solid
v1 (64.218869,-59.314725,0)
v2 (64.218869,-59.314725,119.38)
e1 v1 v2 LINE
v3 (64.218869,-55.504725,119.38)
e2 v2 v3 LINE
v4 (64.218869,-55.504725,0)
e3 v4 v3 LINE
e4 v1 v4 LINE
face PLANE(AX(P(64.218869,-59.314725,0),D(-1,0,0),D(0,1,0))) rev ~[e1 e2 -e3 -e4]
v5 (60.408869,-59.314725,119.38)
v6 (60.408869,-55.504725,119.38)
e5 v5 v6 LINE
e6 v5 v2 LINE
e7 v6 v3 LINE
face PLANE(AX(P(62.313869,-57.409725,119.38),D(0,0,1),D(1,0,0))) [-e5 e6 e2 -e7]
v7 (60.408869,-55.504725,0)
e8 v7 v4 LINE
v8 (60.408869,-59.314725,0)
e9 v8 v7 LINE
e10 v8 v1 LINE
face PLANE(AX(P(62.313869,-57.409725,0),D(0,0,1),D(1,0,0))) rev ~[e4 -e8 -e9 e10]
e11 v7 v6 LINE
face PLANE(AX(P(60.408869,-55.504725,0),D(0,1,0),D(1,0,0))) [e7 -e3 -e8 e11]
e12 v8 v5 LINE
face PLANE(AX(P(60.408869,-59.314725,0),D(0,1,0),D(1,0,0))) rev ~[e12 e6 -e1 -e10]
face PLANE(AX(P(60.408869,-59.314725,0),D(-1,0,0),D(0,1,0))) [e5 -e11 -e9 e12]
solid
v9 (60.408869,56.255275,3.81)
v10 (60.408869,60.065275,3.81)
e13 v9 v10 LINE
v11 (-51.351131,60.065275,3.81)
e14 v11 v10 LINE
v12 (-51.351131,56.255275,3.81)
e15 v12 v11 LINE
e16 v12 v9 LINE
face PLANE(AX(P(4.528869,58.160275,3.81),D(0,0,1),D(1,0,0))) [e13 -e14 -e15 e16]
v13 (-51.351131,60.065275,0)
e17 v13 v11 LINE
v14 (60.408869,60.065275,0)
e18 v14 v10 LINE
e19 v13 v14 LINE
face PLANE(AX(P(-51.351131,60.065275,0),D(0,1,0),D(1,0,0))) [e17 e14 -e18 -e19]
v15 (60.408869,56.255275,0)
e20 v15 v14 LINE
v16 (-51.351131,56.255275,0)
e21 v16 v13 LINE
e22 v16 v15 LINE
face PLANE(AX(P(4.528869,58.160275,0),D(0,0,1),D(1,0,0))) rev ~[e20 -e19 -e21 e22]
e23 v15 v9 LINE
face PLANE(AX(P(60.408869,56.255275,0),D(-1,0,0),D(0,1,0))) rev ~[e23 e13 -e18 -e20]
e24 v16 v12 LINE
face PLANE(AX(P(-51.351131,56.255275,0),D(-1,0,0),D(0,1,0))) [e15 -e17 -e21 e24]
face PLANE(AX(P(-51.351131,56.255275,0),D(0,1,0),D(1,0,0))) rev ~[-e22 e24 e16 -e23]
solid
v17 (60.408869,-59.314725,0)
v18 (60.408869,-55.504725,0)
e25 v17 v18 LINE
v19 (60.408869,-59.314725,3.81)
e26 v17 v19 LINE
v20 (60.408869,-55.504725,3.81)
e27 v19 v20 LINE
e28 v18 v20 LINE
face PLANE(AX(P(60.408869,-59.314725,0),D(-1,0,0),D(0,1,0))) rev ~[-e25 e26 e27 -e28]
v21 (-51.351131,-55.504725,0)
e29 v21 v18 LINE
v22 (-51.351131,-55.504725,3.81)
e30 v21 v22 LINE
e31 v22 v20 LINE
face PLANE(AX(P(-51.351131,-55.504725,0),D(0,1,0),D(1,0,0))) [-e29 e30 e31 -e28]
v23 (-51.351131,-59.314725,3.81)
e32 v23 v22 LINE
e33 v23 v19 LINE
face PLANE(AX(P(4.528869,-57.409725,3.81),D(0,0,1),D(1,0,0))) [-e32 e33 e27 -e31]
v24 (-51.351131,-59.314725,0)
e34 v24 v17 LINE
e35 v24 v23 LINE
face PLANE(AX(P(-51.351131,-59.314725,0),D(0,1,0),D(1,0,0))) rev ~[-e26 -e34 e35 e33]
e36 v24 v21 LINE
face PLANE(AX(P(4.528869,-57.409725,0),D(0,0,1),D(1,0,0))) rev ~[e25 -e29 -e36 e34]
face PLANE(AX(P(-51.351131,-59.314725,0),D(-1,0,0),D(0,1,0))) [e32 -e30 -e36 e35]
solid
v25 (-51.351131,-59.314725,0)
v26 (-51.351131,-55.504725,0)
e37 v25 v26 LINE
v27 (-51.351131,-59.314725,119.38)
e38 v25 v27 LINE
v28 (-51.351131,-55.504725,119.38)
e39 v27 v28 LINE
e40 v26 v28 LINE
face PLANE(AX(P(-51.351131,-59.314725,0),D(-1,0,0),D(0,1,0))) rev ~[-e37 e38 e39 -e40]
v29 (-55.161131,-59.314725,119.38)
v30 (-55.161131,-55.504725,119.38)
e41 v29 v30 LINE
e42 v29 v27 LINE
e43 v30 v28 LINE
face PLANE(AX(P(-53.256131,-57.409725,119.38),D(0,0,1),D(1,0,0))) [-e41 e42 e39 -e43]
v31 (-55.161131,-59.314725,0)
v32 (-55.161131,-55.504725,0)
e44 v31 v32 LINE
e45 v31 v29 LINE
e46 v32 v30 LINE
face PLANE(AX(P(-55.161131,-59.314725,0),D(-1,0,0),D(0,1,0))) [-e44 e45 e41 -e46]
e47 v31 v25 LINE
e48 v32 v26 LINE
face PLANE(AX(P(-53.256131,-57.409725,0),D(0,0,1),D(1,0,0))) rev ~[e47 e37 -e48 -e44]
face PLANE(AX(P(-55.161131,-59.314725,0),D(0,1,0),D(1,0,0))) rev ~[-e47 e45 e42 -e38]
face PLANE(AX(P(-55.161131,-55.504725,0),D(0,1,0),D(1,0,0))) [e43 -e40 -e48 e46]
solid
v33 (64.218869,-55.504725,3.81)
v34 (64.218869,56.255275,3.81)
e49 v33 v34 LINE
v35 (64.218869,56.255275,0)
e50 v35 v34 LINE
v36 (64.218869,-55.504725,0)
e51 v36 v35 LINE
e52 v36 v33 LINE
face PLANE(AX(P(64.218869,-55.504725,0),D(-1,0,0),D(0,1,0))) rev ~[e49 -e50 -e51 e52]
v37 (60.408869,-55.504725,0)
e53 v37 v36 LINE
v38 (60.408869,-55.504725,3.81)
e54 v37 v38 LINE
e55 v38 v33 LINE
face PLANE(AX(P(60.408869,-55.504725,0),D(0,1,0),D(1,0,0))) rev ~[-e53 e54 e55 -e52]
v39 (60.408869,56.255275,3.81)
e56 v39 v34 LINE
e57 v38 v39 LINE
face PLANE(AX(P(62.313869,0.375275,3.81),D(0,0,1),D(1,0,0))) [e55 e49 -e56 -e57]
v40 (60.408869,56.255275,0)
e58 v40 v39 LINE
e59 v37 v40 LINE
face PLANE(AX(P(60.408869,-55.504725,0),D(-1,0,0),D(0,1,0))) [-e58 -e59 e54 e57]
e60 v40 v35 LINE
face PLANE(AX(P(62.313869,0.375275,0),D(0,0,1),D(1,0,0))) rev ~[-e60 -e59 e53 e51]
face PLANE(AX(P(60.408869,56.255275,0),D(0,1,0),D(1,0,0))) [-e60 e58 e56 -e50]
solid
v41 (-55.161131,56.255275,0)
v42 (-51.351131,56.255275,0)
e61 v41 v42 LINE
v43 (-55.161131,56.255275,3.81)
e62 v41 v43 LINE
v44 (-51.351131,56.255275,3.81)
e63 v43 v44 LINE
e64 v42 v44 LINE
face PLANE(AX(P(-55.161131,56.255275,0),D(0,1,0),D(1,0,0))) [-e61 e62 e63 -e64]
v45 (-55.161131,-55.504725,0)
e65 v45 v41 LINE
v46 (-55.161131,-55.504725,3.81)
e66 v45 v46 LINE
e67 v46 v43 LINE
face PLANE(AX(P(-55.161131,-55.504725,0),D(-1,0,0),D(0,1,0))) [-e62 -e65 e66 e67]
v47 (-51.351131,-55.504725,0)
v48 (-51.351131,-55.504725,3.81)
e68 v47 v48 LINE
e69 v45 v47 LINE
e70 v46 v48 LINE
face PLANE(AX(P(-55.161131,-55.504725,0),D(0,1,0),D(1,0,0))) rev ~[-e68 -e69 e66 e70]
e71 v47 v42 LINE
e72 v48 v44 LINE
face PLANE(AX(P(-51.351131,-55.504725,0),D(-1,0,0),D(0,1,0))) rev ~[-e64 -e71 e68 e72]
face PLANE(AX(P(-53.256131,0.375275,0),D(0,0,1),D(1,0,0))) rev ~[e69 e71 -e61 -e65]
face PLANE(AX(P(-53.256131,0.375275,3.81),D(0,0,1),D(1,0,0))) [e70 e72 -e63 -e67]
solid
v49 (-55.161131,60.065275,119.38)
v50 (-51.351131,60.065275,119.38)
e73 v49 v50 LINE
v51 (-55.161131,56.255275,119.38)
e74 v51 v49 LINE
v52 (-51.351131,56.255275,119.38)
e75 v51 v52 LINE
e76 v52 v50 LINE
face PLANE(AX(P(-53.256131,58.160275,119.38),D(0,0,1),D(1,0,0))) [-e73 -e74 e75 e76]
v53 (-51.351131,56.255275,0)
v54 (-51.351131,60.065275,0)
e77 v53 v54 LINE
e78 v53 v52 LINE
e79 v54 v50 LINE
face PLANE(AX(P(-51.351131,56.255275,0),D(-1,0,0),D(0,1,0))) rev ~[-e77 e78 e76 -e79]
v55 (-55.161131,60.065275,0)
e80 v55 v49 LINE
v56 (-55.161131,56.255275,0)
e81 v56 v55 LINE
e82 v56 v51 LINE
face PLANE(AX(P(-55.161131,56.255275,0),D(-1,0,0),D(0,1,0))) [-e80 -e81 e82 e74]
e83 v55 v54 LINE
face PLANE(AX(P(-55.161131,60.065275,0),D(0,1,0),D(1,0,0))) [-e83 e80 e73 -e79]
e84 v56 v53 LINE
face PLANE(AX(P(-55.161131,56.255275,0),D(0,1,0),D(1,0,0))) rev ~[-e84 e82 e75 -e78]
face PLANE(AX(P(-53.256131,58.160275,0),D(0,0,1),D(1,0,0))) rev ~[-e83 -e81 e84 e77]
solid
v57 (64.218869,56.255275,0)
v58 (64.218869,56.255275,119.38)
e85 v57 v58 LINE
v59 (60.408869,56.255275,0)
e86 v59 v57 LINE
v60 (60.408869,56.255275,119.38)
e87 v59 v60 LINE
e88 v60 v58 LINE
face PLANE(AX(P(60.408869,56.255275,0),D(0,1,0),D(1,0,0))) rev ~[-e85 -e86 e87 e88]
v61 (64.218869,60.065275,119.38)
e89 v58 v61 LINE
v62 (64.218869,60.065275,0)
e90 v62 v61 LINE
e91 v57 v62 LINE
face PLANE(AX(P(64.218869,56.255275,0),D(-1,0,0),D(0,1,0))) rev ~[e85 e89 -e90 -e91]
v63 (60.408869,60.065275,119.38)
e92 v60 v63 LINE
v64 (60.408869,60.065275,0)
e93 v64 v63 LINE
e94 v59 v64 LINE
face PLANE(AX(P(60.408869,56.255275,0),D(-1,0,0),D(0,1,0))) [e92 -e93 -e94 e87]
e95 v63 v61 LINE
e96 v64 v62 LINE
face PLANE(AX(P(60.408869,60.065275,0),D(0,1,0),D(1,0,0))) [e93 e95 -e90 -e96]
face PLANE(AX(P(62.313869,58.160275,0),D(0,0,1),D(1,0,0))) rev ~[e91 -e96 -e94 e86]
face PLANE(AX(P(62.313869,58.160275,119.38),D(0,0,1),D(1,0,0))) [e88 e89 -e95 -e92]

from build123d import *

# Parameters (mm, degrees)
F0_W     = 3.81
F0_H     = 111.76
F0_W_2   = 111.76
F0_H_2   = 3.81
F1_DEPTH = 3.81
F2_DEPTH = 119.38


with BuildPart() as f1:
    # F0 (on Top) → F1 (new body)
    with BuildSketch(Plane.XY):
        with Locations((-53.256131, 0.375275)):
            Rectangle(F0_W, F0_H)
        with Locations((4.528869, 58.160275)):
            Rectangle(F0_W_2, F0_H_2)
        with Locations((62.313869, 0.375275)):
            Rectangle(F0_W, F0_H)
        with Locations((4.528869, -57.409725)):
            Rectangle(F0_W_2, F0_H_2)
    extrude(amount=F1_DEPTH)


with BuildPart() as f2:
    # F0 (on Top) → F2 (new body)
    with BuildSketch(Plane.XY):
        with Locations((-53.256131, -57.409725)):
            Rectangle(F0_W, F0_H_2)
        with Locations((62.313869, -57.409725)):
            Rectangle(F0_W, F0_H_2)
        with Locations((62.313869, 58.160275)):
            Rectangle(F0_W, F0_H_2)
        with Locations((-53.256131, 58.160275)):
            Rectangle(F0_W, F0_H_2)
    extrude(amount=F2_DEPTH)


solid = Compound([f1.part, f2.part])
